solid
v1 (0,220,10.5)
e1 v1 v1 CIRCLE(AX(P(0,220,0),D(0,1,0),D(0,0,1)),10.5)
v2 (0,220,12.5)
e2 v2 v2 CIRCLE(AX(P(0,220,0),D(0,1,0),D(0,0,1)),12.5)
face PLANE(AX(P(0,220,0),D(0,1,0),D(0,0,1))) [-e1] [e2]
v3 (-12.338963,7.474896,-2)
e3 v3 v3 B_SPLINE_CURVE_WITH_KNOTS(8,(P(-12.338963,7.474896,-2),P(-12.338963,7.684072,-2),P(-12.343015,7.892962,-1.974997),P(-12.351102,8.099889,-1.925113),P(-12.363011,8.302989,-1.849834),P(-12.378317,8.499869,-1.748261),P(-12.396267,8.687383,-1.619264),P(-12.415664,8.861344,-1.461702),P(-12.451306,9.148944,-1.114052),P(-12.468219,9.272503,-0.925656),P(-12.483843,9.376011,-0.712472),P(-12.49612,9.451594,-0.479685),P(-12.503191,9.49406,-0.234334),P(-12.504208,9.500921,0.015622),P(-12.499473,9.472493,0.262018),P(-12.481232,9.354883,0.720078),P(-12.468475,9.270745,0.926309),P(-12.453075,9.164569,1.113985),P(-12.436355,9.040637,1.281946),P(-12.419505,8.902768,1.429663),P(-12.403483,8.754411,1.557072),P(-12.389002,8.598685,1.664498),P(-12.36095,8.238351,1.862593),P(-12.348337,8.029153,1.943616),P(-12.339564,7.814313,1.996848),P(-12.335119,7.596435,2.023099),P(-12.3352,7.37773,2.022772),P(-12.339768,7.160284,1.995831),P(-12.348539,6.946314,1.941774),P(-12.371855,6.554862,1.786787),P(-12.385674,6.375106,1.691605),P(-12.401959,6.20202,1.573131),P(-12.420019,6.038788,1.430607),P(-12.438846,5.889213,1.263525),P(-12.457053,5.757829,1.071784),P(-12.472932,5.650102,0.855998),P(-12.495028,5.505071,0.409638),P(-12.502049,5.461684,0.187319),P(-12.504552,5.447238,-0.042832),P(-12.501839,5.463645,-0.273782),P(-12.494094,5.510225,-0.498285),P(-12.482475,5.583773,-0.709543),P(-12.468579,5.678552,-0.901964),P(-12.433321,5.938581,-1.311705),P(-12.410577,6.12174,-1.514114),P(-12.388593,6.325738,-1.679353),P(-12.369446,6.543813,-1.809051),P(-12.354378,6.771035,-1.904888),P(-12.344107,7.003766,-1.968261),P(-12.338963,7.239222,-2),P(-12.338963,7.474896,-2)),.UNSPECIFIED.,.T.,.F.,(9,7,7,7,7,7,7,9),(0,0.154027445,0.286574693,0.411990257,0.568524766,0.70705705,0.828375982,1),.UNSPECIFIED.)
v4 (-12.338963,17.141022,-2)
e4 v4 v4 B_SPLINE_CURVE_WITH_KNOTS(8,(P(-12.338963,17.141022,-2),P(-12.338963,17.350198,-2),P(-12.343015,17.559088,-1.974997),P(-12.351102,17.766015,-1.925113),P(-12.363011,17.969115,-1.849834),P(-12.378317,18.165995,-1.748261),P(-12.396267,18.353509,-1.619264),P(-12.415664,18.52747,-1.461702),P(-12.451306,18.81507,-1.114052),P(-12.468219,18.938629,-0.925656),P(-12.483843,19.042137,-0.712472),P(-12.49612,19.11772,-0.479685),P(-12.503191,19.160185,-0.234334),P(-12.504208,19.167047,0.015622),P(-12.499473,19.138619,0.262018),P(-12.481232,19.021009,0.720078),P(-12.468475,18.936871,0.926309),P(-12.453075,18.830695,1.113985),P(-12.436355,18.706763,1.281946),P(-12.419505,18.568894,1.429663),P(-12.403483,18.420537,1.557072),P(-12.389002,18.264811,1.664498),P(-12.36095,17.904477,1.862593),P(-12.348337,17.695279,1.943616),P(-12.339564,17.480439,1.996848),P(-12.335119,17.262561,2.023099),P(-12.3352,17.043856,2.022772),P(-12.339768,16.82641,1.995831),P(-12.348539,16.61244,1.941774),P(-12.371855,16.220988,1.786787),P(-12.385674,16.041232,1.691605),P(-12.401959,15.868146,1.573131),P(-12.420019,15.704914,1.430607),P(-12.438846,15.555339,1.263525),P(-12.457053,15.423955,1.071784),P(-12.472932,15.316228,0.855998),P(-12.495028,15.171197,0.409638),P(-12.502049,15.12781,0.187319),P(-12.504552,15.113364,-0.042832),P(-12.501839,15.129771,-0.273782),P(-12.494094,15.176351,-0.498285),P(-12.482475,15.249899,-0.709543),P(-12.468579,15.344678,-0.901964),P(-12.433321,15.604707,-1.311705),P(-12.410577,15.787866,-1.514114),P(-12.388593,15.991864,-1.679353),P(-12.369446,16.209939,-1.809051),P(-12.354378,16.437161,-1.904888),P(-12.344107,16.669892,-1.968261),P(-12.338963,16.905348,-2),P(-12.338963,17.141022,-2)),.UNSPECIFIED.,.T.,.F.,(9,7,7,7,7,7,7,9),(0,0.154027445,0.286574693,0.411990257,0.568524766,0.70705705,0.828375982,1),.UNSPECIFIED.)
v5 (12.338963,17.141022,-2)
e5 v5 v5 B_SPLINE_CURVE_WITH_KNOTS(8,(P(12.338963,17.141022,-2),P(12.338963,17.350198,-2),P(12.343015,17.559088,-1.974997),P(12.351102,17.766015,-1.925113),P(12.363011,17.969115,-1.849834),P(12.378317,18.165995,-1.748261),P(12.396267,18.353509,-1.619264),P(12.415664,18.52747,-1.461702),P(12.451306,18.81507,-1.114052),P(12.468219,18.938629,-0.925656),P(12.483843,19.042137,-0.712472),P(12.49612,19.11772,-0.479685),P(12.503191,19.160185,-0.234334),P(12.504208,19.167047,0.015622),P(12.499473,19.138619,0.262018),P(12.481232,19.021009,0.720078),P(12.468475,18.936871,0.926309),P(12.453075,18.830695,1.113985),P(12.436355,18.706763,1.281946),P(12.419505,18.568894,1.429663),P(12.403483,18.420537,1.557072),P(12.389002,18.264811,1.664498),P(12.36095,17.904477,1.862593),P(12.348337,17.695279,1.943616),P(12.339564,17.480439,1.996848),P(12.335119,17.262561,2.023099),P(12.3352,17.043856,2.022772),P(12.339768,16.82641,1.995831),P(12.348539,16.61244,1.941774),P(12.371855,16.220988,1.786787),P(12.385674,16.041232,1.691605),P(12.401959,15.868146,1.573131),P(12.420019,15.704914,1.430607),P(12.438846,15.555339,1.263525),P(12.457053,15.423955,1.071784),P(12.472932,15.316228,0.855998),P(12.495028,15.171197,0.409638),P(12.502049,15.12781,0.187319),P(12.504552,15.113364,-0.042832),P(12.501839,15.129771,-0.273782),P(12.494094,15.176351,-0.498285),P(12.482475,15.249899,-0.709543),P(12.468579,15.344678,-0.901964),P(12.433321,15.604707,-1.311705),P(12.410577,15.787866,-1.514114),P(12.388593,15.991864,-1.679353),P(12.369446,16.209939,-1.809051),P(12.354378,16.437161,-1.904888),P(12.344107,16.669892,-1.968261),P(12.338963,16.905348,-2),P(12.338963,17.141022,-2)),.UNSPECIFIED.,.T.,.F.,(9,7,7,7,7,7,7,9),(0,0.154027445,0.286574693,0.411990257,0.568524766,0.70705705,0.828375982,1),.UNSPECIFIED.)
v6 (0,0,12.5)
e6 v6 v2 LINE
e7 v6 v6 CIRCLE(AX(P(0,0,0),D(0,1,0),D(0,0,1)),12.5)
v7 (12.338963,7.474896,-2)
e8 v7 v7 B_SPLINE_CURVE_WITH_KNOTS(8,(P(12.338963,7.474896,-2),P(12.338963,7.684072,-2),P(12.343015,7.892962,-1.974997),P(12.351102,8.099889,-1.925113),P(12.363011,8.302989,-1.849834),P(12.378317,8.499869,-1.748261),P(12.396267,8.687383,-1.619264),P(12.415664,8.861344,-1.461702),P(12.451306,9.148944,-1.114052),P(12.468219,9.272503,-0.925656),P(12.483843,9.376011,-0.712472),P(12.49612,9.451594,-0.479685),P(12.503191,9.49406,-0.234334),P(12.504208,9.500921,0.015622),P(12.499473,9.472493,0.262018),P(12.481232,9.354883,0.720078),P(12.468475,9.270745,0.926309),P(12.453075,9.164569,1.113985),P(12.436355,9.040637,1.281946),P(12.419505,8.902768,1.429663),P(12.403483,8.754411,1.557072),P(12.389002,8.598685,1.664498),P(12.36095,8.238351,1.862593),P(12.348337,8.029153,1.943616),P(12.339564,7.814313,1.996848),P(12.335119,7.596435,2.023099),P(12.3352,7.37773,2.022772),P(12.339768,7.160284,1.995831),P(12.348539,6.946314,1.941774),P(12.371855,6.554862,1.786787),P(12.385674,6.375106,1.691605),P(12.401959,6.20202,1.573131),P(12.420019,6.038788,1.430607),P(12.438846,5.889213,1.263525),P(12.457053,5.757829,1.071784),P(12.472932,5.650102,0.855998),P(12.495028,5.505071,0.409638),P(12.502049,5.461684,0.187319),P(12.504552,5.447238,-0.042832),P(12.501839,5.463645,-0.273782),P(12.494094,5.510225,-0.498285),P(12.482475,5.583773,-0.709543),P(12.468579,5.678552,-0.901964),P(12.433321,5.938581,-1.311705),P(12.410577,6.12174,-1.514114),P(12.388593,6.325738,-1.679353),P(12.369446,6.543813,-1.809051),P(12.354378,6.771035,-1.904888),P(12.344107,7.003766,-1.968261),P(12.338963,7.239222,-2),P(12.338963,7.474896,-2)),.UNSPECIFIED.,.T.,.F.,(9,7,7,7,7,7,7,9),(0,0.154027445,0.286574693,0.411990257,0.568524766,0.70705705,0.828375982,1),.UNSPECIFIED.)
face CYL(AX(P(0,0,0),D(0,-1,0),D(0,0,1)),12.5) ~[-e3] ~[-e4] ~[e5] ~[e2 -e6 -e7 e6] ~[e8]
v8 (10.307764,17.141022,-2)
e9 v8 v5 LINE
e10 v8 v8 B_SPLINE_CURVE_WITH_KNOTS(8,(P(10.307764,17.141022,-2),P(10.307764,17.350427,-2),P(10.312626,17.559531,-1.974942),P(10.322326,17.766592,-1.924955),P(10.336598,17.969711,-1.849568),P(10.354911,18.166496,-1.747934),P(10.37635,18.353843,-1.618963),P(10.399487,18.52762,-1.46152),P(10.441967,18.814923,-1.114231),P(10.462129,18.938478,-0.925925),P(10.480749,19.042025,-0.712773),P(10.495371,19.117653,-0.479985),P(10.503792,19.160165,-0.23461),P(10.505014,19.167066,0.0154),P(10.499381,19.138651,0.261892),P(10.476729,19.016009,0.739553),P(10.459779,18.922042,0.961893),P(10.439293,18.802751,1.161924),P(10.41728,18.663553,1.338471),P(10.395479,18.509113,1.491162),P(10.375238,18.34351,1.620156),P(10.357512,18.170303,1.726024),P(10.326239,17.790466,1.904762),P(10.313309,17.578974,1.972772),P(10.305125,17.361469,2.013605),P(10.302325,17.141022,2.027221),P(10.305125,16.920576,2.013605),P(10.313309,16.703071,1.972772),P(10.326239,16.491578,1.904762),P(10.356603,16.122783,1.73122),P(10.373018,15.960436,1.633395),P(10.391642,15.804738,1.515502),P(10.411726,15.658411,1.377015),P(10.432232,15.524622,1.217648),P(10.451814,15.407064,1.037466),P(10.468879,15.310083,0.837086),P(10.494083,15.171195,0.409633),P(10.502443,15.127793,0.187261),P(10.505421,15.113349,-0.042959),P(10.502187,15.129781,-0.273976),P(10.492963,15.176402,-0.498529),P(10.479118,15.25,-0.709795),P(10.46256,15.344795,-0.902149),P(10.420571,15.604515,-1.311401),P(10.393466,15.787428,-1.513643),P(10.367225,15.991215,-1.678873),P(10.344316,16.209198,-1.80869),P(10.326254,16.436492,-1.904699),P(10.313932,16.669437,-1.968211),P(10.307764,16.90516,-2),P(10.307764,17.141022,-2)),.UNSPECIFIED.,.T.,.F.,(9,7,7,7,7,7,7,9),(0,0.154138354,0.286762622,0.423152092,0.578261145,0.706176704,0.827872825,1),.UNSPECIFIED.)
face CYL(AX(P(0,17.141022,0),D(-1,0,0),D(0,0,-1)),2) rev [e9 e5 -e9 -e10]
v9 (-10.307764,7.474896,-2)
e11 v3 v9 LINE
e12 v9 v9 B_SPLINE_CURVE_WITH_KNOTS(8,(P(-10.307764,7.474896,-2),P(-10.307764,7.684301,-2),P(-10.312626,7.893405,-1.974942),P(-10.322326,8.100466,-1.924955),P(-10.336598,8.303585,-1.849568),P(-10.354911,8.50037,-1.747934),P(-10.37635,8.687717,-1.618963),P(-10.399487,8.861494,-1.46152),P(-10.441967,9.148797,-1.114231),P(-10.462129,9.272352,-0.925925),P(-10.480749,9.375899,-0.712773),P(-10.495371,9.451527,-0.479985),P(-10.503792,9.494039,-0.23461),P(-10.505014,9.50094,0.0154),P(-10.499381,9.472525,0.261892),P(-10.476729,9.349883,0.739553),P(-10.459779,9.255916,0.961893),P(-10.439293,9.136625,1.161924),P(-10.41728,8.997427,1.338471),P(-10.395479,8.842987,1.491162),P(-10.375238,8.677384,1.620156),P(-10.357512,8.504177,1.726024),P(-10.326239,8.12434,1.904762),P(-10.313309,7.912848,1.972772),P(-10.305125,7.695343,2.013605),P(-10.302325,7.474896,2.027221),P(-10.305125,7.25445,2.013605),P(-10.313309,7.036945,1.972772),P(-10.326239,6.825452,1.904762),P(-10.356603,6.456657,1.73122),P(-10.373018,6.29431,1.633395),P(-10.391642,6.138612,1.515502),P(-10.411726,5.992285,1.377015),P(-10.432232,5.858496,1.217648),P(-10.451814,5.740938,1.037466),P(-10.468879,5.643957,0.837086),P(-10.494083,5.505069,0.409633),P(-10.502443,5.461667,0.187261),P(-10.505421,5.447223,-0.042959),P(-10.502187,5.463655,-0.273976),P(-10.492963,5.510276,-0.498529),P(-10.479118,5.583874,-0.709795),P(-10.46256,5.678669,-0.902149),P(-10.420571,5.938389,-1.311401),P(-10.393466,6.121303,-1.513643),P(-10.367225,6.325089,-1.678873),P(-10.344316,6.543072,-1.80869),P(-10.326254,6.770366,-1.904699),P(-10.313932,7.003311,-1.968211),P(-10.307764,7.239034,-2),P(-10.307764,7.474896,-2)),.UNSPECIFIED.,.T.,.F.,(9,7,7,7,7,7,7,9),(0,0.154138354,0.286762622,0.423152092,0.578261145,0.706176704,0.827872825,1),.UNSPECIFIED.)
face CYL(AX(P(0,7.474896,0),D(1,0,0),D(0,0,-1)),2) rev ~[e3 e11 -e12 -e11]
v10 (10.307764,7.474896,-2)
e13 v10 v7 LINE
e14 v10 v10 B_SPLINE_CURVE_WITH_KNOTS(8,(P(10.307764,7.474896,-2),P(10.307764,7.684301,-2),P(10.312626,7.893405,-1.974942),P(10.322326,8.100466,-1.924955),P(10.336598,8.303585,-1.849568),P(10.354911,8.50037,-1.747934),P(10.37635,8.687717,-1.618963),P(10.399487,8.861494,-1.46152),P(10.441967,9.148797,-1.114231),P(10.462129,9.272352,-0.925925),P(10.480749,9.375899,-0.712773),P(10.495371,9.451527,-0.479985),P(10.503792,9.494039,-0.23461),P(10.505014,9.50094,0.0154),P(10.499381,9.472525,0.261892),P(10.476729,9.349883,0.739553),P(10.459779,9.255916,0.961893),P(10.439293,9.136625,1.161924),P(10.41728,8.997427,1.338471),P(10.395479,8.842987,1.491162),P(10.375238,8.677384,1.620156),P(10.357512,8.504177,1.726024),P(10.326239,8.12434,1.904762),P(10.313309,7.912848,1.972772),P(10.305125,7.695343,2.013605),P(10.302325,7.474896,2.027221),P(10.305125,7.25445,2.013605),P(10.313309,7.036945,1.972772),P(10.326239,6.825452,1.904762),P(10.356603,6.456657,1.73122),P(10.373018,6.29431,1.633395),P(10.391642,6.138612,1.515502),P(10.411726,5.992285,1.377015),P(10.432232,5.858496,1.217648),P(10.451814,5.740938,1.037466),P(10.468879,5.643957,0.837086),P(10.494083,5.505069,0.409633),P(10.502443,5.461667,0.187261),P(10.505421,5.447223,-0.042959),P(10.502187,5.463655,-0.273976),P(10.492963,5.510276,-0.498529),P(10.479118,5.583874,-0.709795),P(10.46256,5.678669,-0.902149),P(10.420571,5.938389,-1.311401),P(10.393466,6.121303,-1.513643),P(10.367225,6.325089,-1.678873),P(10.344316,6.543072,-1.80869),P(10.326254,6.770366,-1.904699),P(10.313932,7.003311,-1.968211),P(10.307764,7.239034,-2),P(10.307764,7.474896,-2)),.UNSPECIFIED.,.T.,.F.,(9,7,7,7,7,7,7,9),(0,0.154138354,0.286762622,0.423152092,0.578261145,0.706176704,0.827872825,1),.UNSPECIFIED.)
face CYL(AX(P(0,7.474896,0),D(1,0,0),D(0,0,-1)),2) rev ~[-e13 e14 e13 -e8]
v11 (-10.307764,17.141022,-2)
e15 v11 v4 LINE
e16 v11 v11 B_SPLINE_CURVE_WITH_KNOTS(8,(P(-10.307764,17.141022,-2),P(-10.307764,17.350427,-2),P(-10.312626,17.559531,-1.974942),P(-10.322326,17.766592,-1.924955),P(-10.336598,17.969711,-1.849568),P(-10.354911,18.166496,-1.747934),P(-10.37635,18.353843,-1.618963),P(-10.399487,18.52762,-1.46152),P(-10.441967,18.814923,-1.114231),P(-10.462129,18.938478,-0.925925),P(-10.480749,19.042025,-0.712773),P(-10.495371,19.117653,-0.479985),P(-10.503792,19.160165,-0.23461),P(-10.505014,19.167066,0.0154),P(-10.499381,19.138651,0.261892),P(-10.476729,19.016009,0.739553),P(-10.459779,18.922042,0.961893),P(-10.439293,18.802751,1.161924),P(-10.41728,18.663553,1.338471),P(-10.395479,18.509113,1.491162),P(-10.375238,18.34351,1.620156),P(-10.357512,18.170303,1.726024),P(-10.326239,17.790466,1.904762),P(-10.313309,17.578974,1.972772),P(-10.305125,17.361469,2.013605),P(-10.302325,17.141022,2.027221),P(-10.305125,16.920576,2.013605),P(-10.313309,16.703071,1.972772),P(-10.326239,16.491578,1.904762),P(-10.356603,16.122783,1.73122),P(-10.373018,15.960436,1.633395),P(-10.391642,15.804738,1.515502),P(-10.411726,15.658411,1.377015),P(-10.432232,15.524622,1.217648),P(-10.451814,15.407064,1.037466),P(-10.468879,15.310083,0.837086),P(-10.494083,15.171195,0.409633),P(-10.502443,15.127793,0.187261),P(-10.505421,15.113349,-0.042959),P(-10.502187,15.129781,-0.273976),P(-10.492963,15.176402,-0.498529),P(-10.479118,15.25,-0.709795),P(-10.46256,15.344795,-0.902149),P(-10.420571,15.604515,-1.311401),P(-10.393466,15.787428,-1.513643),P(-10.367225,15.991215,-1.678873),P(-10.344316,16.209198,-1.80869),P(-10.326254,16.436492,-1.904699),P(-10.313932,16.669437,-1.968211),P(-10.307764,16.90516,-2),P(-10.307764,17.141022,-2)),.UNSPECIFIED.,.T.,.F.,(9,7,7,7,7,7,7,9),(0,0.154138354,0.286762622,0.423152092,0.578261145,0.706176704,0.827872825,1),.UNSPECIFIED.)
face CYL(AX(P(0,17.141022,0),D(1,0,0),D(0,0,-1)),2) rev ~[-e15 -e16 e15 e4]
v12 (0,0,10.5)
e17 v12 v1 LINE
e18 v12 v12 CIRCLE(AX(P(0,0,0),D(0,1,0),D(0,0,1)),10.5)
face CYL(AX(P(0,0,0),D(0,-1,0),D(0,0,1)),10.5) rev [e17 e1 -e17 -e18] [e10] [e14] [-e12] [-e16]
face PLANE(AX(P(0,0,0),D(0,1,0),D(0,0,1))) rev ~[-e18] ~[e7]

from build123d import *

# Parameters (mm, degrees)
SKETCH_1_R          = 12.5
SKETCH_1_R_2        = 10.5
EXTRUDE_1_DEPTH     = 220
SKETCH_4_R          = 2
CUT_EXTRUDE_1_DEPTH = 100


with BuildPart() as part:
    # Эскиз1 → Вытянуть1 (new body)
    with BuildSketch(Plane(origin=(0, 0, 0), x_dir=(1, 0, 0), z_dir=(0, 1, 0))):
        with Locations(Location((0, 0, 0), (0, 0, 270))):
            Circle(SKETCH_1_R)
        with Locations(Location((0, 0, 0), (0, 0, 270))):
            Circle(SKETCH_1_R_2, mode=Mode.SUBTRACT)
    extrude(amount=EXTRUDE_1_DEPTH)

    # Эскиз4 → Вырез-Вытянуть1 (cut, symmetric)
    with BuildSketch(Plane(origin=(0, 0, 0), x_dir=(0, 0, -1), z_dir=(1, 0, 0))):
        with Locations((0, 17.141022055)):
            Circle(SKETCH_4_R)
        with Locations((0, 7.474896081)):
            Circle(SKETCH_4_R)
    extrude(amount=CUT_EXTRUDE_1_DEPTH, both=True, mode=Mode.SUBTRACT)


solid = part.part
